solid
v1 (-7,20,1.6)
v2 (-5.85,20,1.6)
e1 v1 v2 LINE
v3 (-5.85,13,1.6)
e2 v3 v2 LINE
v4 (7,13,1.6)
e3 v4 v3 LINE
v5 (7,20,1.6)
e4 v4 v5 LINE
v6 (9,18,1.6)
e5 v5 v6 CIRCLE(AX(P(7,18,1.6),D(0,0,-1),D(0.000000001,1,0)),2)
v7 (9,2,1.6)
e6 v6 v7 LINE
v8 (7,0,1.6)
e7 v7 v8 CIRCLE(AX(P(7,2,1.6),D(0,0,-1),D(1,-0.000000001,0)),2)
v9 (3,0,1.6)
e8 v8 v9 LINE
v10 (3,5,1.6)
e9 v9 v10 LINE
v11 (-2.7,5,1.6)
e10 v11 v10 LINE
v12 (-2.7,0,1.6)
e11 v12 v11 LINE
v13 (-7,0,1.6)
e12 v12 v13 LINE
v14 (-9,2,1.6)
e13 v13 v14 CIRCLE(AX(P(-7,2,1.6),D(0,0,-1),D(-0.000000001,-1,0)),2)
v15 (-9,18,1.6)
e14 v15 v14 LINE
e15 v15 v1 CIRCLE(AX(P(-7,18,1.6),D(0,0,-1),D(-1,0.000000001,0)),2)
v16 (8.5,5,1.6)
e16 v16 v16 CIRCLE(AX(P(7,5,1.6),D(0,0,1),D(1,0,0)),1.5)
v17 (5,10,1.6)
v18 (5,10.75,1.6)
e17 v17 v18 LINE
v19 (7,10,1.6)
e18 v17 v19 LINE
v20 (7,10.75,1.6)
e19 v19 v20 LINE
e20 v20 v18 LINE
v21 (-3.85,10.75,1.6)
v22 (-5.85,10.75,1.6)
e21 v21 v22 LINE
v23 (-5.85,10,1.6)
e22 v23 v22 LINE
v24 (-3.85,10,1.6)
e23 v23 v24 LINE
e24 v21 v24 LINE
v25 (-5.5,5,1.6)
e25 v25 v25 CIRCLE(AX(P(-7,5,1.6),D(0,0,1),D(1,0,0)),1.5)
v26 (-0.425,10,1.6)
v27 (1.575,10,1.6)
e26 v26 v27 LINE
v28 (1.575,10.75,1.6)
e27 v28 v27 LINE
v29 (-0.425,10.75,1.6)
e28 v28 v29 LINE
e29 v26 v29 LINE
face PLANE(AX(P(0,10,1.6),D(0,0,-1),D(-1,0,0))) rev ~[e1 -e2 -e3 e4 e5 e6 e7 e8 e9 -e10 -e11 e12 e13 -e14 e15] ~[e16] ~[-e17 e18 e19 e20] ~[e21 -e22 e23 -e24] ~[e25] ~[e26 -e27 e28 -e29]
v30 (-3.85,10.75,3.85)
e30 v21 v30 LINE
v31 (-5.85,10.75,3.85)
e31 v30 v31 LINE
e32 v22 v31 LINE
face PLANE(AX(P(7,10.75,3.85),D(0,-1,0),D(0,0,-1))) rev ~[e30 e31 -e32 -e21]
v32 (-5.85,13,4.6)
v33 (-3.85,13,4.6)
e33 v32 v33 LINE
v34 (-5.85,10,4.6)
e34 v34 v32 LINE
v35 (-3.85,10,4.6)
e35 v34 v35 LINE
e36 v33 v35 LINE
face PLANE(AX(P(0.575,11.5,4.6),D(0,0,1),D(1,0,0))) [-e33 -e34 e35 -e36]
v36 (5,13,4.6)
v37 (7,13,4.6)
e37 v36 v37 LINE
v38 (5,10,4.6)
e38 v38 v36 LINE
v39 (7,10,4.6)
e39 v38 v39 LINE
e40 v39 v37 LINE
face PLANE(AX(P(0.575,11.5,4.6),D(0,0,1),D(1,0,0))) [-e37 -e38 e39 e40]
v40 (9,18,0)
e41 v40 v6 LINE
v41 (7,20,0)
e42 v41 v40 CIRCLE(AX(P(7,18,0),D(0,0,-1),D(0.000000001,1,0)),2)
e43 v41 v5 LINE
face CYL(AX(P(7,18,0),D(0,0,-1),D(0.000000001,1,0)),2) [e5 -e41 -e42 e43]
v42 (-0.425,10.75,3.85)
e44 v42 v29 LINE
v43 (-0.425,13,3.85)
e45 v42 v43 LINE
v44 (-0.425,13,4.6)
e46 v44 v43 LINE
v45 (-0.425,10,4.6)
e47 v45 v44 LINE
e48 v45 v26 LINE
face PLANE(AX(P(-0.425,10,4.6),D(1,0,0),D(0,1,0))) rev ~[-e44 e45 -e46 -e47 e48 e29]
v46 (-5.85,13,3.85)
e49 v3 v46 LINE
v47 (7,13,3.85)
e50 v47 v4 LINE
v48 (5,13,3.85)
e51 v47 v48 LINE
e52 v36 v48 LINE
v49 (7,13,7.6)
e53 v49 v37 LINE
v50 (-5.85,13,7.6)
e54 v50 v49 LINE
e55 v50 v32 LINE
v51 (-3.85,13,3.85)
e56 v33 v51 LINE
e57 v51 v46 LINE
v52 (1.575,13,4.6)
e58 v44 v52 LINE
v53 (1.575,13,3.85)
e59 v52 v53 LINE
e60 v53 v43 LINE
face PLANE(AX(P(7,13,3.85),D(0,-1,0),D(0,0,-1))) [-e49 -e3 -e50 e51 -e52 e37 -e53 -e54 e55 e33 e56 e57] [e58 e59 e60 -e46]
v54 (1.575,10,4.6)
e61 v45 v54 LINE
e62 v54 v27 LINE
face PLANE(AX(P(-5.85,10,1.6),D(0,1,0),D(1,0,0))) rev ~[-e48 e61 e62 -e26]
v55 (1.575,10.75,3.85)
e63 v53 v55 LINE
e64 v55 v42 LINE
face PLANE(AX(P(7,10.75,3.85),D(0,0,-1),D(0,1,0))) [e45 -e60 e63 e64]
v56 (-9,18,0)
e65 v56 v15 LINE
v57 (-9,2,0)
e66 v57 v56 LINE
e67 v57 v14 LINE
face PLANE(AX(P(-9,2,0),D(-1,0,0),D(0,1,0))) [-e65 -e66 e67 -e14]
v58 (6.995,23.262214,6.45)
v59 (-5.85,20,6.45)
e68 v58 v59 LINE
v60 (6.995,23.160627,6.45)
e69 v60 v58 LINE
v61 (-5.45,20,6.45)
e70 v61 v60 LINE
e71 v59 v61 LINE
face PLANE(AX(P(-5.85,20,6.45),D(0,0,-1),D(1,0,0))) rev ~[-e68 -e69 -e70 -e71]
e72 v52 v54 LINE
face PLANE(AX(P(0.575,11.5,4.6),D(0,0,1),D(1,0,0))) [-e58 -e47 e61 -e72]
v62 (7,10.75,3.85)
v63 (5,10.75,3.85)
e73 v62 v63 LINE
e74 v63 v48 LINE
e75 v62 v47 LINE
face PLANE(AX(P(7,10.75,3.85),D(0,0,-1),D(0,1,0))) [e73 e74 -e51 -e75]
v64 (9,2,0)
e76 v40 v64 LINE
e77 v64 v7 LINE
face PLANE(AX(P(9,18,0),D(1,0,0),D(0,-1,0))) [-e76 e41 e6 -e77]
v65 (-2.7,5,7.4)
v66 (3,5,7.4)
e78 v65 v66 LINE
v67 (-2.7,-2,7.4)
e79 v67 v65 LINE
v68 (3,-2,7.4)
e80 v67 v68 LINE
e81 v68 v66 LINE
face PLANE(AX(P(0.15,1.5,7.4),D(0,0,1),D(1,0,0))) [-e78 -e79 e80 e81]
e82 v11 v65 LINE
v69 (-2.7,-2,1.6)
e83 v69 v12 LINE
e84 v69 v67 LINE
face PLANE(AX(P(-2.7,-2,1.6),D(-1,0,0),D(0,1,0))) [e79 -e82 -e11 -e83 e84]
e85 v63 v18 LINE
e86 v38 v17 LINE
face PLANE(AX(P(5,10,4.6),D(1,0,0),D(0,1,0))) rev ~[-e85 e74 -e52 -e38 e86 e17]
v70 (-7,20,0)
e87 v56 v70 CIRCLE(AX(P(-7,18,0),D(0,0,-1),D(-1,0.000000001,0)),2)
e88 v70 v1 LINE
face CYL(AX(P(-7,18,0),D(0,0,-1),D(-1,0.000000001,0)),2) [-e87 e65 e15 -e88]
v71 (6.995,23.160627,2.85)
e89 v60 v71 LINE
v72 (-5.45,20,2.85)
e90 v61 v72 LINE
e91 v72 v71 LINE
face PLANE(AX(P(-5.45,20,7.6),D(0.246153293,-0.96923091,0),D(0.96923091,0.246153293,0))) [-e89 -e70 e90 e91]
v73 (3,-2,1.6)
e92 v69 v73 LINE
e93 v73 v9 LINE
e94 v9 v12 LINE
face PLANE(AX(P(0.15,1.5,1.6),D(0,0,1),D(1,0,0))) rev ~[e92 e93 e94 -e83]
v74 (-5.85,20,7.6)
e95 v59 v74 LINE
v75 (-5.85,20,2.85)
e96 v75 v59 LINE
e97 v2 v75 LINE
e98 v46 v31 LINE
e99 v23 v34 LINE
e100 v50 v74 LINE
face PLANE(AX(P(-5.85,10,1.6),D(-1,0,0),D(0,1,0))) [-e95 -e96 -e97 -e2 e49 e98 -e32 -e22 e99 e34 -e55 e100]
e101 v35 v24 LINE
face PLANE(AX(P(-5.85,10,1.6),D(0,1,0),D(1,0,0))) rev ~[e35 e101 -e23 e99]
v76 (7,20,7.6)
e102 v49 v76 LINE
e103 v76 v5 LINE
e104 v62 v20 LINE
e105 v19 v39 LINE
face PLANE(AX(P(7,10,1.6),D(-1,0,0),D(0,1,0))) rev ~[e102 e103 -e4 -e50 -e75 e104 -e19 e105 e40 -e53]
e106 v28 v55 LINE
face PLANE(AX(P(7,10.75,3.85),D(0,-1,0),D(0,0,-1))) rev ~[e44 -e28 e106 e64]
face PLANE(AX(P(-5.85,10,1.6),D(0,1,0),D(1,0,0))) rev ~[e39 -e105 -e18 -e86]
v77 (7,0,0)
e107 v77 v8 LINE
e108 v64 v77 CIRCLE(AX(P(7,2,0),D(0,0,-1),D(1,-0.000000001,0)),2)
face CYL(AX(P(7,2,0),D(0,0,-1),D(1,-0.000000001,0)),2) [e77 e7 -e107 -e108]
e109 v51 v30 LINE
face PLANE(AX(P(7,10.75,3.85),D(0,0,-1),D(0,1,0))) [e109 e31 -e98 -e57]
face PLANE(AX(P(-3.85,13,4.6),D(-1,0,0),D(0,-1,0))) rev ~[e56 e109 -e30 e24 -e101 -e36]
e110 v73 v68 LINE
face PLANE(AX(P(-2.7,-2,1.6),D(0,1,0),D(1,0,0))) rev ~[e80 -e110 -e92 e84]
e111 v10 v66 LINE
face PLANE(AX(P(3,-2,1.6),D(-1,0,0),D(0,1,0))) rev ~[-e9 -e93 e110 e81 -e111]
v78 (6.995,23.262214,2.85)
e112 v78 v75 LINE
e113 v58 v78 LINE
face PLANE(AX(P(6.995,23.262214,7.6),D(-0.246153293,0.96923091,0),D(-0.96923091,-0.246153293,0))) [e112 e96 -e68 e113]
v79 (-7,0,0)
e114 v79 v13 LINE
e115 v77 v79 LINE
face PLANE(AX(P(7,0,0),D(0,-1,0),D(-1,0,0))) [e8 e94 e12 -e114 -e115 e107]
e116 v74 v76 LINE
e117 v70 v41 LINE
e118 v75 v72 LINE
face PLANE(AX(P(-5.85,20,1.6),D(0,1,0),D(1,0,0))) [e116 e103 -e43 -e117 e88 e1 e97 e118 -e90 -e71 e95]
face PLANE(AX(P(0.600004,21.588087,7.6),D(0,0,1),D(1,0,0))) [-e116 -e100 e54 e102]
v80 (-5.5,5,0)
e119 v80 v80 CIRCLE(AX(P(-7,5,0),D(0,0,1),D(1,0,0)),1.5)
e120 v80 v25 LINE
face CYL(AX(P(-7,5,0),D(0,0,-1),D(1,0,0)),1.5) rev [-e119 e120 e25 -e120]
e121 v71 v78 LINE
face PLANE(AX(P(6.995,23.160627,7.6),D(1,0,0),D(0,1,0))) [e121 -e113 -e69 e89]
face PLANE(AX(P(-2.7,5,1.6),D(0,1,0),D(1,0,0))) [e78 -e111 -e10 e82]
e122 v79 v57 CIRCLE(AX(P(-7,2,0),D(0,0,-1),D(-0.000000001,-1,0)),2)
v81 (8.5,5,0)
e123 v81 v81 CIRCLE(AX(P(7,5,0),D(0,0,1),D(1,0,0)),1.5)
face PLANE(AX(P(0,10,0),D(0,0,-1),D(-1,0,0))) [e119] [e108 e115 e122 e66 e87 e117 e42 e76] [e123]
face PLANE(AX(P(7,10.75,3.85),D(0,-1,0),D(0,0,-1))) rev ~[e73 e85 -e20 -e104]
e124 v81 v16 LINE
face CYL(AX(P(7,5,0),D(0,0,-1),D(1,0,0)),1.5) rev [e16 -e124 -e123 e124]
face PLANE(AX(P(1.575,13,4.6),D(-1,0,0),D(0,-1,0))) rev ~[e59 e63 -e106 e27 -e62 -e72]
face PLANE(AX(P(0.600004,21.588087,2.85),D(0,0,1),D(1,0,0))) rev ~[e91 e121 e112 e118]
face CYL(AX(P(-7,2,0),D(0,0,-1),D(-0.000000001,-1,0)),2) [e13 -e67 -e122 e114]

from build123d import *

# Parameters (mm, degrees)
SKETCH1_R           = 1.5
BOSS_EXTRUDE1_DEPTH = 1.6
SKETCH2_W           = 12.85
SKETCH2_H           = 10
BOSS_EXTRUDE2_DEPTH = 6
SKETCH3_W           = 12.85
SKETCH3_H           = 3
CUT_EXTRUDE1_DEPTH  = 3
CUT_EXTRUDE3_DEPTH  = 3
SKETCH5_W           = 2.25
SKETCH5_H           = 2.25
CUT_EXTRUDE4_DEPTH  = 17
BOSS_EXTRUDE4_DEPTH = 4.75
SKETCH11_W          = 12.85
SKETCH11_H          = 1.15
CUT_EXTRUDE8_DEPTH  = 4.75
SKETCH_1_W          = 5.7
SKETCH_1_H          = 7
EXTRUDE_1_DEPTH     = 5.8


with BuildPart() as part:
    # Sketch1 → Boss-Extrude1 (new body)
    with BuildSketch(Plane.XY):
        with BuildLine():
            Line((-7, 20), (7, 20))
            ThreePointArc((7, 20), (8.414213562, 19.414213562), (9, 18))
            Line((9, 18), (9, 2))
            ThreePointArc((9, 2), (8.414213562, 0.585786438), (7, 0))
            Line((7, 0), (-7, 0))
            ThreePointArc((-7, 0), (-8.414213562, 0.585786438), (-9, 2))
            Line((-9, 2), (-9, 18))
            ThreePointArc((-9, 18), (-8.414213562, 19.414213562), (-7, 20))
        make_face()
        with Locations((7, 5)):
            Circle(SKETCH1_R, mode=Mode.SUBTRACT)
        with Locations((-7, 5)):
            Circle(SKETCH1_R, mode=Mode.SUBTRACT)
    extrude(amount=BOSS_EXTRUDE1_DEPTH)

    # Sketch2 → Boss-Extrude2 (add)
    with BuildSketch(Plane.XY.offset(1.6)):
        with Locations((0.575, 15)):
            Rectangle(SKETCH2_W, SKETCH2_H)
    extrude(amount=BOSS_EXTRUDE2_DEPTH)

    # Sketch3 → Cut-Extrude1 (cut)
    with BuildSketch(Plane.XY.offset(7.6)):
        with Locations((0.575, 11.5)):
            Rectangle(SKETCH3_W, SKETCH3_H)
    extrude(amount=-CUT_EXTRUDE1_DEPTH, mode=Mode.SUBTRACT)

    # Sketch4 → Cut-Extrude3 (cut)
    with BuildSketch(Plane.XY.offset(4.6)):
        Polygon((5, 13), (1.575, 13), (1.575, 10), (5, 10), (5, 11.5), align=None)
        Polygon((-0.425, 13), (-3.85, 13), (-3.85, 11.5), (-3.85, 10), (-0.425, 10), align=None)
    extrude(amount=-CUT_EXTRUDE3_DEPTH, mode=Mode.SUBTRACT)

    # Sketch5 → Cut-Extrude4 (cut, through all)
    with BuildSketch(Plane(origin=(7, 0, 0), x_dir=(0, 0, -1), z_dir=(1, 0, 0))):
        with Locations((-2.725, 11.875)):
            Rectangle(SKETCH5_W, SKETCH5_H)
    extrude(amount=-CUT_EXTRUDE4_DEPTH, mode=Mode.SUBTRACT)

    # Sketch10 → Boss-Extrude4 (add)
    with BuildSketch(Plane.XY.offset(7.6)):
        Polygon((6.995, 23.262214419), (-5.85, 20), (-5.45, 20), (6.995, 23.16062736), align=None)
    extrude(amount=-BOSS_EXTRUDE4_DEPTH)

    # Sketch11 → Cut-Extrude8 (cut)
    with BuildSketch(Plane(origin=(0, 20, 0), x_dir=(1, 0, 0), z_dir=(0, 1, 0))):
        with Locations((0.575, -7.025)):
            Rectangle(SKETCH11_W, SKETCH11_H)
    extrude(amount=CUT_EXTRUDE8_DEPTH, mode=Mode.SUBTRACT)

    # 草图1 → 凸台-拉伸1 (add)
    with BuildSketch(Plane.XY.offset(1.6)):
        with Locations((0.15, 1.5)):
            Rectangle(SKETCH_1_W, SKETCH_1_H)
    extrude(amount=EXTRUDE_1_DEPTH)


solid = part.part
